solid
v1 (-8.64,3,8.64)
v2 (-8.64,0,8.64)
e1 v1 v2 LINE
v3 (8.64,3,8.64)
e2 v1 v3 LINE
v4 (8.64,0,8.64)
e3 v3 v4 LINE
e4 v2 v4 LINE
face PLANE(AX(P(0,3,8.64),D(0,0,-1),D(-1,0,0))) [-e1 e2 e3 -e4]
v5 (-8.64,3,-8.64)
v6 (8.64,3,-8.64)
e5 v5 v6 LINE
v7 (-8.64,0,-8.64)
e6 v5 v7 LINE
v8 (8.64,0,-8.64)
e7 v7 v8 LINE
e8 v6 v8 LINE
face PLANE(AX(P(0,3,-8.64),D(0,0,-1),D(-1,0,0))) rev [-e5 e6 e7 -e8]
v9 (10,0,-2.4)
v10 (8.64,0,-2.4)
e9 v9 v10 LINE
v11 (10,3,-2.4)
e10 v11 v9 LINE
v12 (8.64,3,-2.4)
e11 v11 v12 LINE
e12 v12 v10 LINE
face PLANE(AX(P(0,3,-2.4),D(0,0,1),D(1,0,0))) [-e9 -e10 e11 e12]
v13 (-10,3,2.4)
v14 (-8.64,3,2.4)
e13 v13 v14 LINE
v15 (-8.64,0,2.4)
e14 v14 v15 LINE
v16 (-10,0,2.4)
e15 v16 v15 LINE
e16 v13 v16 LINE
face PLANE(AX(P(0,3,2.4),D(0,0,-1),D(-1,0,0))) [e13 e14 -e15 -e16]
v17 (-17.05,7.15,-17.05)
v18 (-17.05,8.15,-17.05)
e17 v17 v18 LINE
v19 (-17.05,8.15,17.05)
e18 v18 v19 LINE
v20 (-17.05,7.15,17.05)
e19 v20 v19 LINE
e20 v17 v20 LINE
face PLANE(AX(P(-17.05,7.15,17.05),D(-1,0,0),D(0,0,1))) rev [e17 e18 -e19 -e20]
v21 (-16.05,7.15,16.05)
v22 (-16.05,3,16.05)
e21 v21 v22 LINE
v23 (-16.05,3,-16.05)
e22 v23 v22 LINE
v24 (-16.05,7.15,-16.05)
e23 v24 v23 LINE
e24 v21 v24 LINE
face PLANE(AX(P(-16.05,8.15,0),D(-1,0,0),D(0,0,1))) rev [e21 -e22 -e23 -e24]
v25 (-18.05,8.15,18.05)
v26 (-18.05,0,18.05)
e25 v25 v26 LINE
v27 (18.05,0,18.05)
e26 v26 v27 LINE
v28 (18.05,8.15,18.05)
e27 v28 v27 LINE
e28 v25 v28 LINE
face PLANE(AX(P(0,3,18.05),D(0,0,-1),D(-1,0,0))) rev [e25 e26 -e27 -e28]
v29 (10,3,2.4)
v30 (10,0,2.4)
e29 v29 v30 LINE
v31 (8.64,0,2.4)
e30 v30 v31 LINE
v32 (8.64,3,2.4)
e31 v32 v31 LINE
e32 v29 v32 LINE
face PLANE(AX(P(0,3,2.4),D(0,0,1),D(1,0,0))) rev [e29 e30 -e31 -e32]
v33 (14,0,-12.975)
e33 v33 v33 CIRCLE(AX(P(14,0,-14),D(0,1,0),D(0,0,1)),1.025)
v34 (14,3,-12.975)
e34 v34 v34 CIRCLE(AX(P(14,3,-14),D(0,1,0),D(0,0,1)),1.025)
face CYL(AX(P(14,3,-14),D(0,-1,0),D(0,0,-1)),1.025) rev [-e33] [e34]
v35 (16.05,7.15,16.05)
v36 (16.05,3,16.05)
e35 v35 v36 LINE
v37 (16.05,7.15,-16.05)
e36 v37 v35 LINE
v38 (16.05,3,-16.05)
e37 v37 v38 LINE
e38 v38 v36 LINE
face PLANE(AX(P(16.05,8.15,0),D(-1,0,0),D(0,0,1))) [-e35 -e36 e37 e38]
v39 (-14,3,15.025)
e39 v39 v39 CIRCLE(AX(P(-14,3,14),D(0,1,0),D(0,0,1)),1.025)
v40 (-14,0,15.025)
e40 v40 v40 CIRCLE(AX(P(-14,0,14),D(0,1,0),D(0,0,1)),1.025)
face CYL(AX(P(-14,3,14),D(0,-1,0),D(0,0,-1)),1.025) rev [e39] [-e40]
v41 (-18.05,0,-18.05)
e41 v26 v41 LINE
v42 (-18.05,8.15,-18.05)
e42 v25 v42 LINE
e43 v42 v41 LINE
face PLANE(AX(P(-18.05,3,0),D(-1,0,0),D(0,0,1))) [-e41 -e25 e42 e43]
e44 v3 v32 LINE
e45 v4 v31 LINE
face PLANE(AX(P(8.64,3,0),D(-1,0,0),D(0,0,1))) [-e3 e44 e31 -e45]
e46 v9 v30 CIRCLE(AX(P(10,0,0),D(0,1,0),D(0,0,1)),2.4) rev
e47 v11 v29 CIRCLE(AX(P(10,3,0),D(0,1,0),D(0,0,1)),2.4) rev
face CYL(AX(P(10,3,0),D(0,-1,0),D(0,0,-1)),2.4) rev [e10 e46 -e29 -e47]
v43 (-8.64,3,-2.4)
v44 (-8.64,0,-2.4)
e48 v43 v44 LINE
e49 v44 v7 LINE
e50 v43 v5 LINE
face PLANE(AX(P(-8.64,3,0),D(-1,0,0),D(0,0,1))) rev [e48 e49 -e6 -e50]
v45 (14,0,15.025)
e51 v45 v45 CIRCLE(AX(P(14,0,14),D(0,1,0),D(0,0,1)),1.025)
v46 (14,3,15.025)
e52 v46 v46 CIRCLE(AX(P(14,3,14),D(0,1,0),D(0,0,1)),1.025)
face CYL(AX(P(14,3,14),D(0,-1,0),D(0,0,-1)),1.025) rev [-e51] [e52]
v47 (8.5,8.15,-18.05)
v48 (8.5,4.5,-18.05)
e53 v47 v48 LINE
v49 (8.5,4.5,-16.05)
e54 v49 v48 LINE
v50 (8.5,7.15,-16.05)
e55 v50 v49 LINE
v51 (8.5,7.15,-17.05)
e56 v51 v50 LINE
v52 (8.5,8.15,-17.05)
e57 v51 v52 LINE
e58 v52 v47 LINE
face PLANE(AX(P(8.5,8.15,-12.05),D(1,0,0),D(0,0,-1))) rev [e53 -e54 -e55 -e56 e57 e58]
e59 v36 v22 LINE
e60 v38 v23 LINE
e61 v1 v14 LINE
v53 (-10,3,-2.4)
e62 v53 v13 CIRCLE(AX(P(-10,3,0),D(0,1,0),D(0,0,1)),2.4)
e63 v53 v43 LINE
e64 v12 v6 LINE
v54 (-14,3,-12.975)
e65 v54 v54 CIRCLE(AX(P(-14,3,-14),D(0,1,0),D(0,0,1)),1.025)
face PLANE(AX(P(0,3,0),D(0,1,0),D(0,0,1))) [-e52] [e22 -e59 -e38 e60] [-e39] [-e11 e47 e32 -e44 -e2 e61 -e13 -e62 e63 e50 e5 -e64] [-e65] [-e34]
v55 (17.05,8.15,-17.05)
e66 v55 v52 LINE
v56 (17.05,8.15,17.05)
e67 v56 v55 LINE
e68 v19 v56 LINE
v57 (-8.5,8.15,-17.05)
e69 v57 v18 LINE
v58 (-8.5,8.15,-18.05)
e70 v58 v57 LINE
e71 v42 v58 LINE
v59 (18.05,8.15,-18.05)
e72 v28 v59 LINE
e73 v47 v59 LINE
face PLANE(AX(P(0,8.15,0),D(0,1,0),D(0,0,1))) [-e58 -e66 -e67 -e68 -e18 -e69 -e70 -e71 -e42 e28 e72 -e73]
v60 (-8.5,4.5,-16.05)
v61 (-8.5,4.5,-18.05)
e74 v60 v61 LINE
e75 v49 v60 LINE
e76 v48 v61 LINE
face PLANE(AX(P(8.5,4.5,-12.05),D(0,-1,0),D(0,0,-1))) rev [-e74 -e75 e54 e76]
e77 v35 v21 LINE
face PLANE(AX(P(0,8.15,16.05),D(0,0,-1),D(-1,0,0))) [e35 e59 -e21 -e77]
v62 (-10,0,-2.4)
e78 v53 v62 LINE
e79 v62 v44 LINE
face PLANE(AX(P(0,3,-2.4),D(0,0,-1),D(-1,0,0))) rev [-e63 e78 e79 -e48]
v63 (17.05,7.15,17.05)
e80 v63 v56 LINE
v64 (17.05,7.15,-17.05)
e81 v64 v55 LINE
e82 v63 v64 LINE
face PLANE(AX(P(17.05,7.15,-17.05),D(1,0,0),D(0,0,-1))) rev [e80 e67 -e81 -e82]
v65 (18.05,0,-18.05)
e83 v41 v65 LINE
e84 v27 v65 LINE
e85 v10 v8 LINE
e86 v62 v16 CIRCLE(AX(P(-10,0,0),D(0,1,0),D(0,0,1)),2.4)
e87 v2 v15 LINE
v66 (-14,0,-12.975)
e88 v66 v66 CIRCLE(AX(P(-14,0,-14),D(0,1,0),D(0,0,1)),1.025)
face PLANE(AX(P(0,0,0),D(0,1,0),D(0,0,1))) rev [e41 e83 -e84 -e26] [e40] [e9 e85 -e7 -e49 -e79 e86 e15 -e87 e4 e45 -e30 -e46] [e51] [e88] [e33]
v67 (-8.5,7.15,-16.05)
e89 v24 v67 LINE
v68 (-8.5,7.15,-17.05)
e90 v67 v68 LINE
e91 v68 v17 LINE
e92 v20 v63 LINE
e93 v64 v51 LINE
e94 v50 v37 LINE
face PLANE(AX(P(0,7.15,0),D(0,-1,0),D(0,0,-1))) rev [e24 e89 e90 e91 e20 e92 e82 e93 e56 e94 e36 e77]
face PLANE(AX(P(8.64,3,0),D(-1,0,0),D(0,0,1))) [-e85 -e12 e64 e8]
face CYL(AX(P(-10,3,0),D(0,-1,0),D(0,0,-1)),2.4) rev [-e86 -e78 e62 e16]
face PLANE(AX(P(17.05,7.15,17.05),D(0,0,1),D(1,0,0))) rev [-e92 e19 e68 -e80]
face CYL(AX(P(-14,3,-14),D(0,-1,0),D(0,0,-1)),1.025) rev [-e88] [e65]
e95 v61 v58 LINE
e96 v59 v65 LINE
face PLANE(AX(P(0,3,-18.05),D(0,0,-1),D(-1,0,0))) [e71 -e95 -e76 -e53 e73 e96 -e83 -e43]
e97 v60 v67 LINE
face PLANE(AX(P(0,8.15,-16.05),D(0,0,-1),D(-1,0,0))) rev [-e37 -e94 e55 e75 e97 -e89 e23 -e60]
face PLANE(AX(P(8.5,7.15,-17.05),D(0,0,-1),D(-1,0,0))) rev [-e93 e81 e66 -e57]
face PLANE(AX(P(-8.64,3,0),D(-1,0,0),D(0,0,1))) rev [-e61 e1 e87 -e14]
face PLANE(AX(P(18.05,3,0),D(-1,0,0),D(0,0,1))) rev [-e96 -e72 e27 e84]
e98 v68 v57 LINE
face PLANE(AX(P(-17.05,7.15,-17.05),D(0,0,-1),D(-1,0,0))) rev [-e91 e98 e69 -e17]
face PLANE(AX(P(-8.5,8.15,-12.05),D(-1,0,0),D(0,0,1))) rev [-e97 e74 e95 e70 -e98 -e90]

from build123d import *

# Parameters (mm, degrees)
SKETCH1_W           = 36.1
SKETCH1_H           = 36.1
SKETCH1_R           = 1.025
BOSS_EXTRUDE1_DEPTH = 3
SKETCH1_3_W         = 36.1
SKETCH1_3_H         = 36.1
SKETCH1_3_W_2       = 32.1
SKETCH1_3_H_2       = 32.1
BOSS_EXTRUDE2_DEPTH = 8.15
SKETCH2_W           = 17
SKETCH2_H           = 3.65
CUT_EXTRUDE1_DEPTH  = 6
CUT_EXTRUDE2_DEPTH  = 1


with BuildPart() as part:
    # Sketch1 → Boss-Extrude1 (new body)
    with BuildSketch(Plane(origin=(0, 0, 0), x_dir=(1, 0, 0), z_dir=(0, 1, 0))):
        Rectangle(SKETCH1_W, SKETCH1_H)
        with Locations((-14, -14)):
            Circle(SKETCH1_R, mode=Mode.SUBTRACT)
        with Locations((14, -14)):
            Circle(SKETCH1_R, mode=Mode.SUBTRACT)
        with BuildLine():
            Line((-10, 2.4), (-8.64, 2.4))
            Line((-8.64, 2.4), (-8.64, 8.64))
            Line((-8.64, 8.64), (8.64, 8.64))
            Line((8.64, 8.64), (8.64, 2.4))
            Line((8.64, 2.4), (10, 2.4))
            ThreePointArc((10, 2.4), (12.4, 0), (10, -2.4))
            Line((10, -2.4), (8.64, -2.4))
            Line((8.64, -2.4), (8.64, -8.64))
            Line((8.64, -8.64), (-8.64, -8.64))
            Line((-8.64, -8.64), (-8.64, -2.4))
            Line((-8.64, -2.4), (-10, -2.4))
            ThreePointArc((-10, -2.4), (-12.4, 0), (-10, 2.4))
        make_face(mode=Mode.SUBTRACT)
        with Locations((-14, 14)):
            Circle(SKETCH1_R, mode=Mode.SUBTRACT)
        with Locations((14, 14)):
            Circle(SKETCH1_R, mode=Mode.SUBTRACT)
    extrude(amount=BOSS_EXTRUDE1_DEPTH)

    # Sketch1<3> → Boss-Extrude2 (add)
    with BuildSketch(Plane(origin=(0, 0, 0), x_dir=(1, 0, 0), z_dir=(0, 1, 0))):
        Rectangle(SKETCH1_3_W, SKETCH1_3_H)
        Rectangle(SKETCH1_3_W_2, SKETCH1_3_H_2, mode=Mode.SUBTRACT)
    extrude(amount=BOSS_EXTRUDE2_DEPTH)

    # Sketch2 → Cut-Extrude1 (cut)
    with BuildSketch(Plane(origin=(0, 0, -18.05), x_dir=(-1, 0, 0), z_dir=(0, 0, -1))):
        with Locations((0, 6.325)):
            Rectangle(SKETCH2_W, SKETCH2_H)
    extrude(amount=-CUT_EXTRUDE1_DEPTH, mode=Mode.SUBTRACT)

    # Sketch4 → Cut-Extrude2 (cut)
    with BuildSketch(Plane(origin=(0, 8.15, 0), x_dir=(1, 0, 0), z_dir=(0, 1, 0))):
        Polygon((17.05, -17.05), (-17.05, -17.05), (-17.05, 17.05), (-8.5, 17.05), (-8.5, 16.05), (-16.05, 16.05), (-16.05, -16.05), (16.05, -16.05), (16.05, 16.05), (8.5, 16.05), (8.5, 17.05), (17.05, 17.05), align=None)
    extrude(amount=-CUT_EXTRUDE2_DEPTH, mode=Mode.SUBTRACT)


solid = part.part
